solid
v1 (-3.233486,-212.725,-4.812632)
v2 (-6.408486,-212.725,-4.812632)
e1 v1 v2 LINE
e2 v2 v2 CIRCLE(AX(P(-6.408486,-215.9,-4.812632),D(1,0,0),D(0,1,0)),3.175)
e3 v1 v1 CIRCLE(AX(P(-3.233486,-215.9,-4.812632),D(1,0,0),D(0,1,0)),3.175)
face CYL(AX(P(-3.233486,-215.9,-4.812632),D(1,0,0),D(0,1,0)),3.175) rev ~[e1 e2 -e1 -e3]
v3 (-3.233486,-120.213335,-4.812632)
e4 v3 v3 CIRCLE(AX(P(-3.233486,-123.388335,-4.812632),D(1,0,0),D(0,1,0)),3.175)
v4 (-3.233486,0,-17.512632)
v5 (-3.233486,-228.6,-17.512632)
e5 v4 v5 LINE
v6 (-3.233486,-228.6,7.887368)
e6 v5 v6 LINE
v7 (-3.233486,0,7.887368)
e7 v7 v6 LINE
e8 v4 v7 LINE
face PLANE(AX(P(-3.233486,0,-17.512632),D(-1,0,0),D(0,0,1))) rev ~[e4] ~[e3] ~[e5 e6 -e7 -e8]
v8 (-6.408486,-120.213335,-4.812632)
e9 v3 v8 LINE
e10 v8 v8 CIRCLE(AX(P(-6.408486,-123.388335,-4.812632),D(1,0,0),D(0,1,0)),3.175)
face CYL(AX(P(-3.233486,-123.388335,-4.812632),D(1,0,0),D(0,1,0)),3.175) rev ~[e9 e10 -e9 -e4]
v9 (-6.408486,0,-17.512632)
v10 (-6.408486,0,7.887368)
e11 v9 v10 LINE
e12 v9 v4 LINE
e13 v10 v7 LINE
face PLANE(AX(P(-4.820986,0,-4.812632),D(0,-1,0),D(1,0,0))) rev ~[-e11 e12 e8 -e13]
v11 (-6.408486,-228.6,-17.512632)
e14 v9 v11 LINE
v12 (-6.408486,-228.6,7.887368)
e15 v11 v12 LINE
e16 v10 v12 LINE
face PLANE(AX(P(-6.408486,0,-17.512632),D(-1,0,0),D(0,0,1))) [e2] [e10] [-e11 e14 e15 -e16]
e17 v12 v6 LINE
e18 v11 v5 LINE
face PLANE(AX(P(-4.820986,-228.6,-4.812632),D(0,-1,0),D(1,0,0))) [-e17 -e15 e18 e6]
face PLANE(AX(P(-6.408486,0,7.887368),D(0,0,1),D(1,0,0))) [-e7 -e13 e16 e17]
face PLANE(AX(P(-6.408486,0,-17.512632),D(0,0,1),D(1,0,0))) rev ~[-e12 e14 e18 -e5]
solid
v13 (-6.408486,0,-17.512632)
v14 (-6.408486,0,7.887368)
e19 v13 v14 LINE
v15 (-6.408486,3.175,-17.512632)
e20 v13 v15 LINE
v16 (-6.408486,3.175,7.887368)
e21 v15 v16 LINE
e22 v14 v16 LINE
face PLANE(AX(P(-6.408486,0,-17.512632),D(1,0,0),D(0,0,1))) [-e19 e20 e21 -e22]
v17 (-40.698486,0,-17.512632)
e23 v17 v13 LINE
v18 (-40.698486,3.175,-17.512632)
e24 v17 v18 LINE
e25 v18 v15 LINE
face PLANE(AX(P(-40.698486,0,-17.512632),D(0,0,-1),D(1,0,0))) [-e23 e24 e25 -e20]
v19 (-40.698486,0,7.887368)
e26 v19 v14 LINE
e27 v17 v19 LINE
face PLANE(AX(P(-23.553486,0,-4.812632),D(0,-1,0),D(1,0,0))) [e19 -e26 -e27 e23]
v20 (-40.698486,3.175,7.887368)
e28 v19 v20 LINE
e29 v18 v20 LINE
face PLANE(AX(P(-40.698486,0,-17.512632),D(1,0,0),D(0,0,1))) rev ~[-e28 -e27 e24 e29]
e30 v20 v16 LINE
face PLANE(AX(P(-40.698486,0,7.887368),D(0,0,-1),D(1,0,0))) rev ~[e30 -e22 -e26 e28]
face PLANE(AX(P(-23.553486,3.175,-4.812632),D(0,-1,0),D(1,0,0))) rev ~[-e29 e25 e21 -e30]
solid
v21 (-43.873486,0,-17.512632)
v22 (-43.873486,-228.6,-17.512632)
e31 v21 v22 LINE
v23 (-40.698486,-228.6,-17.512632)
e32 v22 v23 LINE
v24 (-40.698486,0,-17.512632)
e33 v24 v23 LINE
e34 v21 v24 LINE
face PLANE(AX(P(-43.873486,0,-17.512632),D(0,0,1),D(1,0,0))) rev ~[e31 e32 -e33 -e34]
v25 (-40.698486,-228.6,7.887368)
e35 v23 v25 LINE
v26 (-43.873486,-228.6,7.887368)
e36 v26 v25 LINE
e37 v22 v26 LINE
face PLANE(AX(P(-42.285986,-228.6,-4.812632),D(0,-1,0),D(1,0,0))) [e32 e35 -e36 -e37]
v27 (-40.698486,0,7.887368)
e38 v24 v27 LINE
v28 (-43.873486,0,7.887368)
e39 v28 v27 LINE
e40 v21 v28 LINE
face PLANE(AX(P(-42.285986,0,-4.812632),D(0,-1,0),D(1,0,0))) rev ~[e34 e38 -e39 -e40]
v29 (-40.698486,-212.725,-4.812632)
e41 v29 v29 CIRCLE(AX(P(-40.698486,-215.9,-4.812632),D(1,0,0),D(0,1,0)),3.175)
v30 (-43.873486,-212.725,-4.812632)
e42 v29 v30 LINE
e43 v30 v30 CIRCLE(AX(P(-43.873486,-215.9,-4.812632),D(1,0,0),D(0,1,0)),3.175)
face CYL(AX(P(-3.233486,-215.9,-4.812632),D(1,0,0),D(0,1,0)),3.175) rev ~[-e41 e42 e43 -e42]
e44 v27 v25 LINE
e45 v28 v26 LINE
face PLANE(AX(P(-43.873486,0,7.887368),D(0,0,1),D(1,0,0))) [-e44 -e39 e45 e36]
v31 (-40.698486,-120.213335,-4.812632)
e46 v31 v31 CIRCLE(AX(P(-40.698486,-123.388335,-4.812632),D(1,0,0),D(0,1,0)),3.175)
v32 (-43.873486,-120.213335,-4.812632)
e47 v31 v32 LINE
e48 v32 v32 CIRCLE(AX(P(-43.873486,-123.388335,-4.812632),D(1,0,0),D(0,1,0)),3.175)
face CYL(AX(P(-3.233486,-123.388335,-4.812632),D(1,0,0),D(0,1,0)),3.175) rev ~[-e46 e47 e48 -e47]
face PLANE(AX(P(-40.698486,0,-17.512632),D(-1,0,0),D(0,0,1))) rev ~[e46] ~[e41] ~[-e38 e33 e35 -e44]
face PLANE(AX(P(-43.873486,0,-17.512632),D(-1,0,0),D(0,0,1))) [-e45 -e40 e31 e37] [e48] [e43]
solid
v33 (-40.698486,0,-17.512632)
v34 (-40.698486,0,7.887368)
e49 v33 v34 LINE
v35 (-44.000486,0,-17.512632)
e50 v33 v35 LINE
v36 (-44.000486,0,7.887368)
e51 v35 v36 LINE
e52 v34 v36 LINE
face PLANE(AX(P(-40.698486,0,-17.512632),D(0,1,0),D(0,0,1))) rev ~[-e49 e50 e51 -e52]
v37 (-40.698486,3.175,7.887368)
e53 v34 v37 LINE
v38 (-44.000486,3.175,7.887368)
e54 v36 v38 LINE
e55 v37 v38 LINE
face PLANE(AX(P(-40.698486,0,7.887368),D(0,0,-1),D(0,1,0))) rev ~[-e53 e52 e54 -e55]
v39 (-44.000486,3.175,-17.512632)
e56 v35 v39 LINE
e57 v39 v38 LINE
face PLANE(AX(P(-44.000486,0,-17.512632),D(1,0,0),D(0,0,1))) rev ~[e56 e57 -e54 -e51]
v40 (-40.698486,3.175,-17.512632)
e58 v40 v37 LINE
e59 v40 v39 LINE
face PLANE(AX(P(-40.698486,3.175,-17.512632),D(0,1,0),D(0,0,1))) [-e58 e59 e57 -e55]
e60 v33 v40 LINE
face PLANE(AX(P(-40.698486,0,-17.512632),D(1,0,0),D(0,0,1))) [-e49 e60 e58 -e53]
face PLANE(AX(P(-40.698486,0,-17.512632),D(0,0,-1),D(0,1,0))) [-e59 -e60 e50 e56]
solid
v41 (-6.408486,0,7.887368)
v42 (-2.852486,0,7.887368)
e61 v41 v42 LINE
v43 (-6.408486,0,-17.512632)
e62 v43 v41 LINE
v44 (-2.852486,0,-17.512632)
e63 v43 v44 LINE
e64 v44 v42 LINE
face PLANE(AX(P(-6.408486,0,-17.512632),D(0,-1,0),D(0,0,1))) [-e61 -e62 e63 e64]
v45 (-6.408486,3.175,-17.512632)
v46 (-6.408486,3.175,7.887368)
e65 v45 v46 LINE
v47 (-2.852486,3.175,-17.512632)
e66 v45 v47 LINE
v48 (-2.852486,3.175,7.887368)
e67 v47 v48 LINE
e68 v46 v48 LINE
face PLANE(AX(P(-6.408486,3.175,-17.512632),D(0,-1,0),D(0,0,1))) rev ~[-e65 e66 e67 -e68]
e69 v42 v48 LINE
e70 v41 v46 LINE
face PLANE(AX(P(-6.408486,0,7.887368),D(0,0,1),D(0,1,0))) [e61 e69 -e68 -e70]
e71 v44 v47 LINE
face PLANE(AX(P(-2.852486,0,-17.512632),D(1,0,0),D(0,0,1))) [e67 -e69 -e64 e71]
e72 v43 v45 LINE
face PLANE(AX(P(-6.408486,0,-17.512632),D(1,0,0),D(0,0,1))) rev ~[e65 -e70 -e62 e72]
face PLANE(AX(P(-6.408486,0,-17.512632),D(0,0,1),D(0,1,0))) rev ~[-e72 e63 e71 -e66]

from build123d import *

# Parameters (mm, degrees)
F0_W     = 3.175
F0_H     = 25.4
F1_DEPTH = 228.6
F2_DEPTH = 228.6
F0_W_2   = 34.29
F3_DEPTH = 3.175
F4_DEPTH = 3.556
F5_DEPTH = 3.302
F6_R     = 3.175
F7_DEPTH = 40.768


with BuildPart() as f1:
    # F0 (on Front) → F1 (new body)
    with BuildSketch(Plane.XZ):
        with Locations((-42.2859862377, -4.8126317561)):
            Rectangle(F0_W, F0_H)
    extrude(amount=F1_DEPTH)


with BuildPart() as f2:
    # F0 (on Front) → F2 (new body)
    with BuildSketch(Plane.XZ):
        with Locations((-4.8209862377, -4.8126317561)):
            Rectangle(F0_W, F0_H)
    extrude(amount=F2_DEPTH)


with BuildPart() as f3:
    # F0 (on Front) → F3 (new body)
    with BuildSketch(Plane.XZ):
        with Locations((-23.5534862377, -4.8126317561)):
            Rectangle(F0_W_2, F0_H)
    extrude(amount=-F3_DEPTH)


with BuildPart() as f4:
    # F4 (new): a face of the model
    f4_faces = [f3.part.faces().sort_by_distance(p)[0] for p in [
        (-6.4084862377, 1.5875, -4.8126317561),
    ]]
    extrude(f4_faces, amount=F4_DEPTH)


with BuildPart() as f5:
    # F5 (new): a face of the model
    f5_faces = [f3.part.faces().sort_by_distance(p)[0] for p in [
        (-40.6984862377, 1.5875, -4.8126317561),
    ]]
    extrude(f5_faces, amount=F5_DEPTH)


with BuildPart() as f7_tool:
    # F6 (on face) → F7 (new body, through all)
    with BuildSketch(Plane.YZ.offset(-3.2334862377)):
        with Locations((-123.3883351088, -4.8126317561)):
            Circle(F6_R)
        with Locations((-215.9, -4.8126317561)):
            Circle(F6_R)
    extrude(amount=-F7_DEPTH)


with BuildPart() as f1_1:
    add(f1.part)

    # F7: cut by f7_tool
    add(f7_tool.part, mode=Mode.SUBTRACT)


with BuildPart() as f2_1:
    add(f2.part)

    # F7: cut by f7_tool
    add(f7_tool.part, mode=Mode.SUBTRACT)


solid = Compound([f3.part, f4.part, f5.part, f1_1.part, f2_1.part])
